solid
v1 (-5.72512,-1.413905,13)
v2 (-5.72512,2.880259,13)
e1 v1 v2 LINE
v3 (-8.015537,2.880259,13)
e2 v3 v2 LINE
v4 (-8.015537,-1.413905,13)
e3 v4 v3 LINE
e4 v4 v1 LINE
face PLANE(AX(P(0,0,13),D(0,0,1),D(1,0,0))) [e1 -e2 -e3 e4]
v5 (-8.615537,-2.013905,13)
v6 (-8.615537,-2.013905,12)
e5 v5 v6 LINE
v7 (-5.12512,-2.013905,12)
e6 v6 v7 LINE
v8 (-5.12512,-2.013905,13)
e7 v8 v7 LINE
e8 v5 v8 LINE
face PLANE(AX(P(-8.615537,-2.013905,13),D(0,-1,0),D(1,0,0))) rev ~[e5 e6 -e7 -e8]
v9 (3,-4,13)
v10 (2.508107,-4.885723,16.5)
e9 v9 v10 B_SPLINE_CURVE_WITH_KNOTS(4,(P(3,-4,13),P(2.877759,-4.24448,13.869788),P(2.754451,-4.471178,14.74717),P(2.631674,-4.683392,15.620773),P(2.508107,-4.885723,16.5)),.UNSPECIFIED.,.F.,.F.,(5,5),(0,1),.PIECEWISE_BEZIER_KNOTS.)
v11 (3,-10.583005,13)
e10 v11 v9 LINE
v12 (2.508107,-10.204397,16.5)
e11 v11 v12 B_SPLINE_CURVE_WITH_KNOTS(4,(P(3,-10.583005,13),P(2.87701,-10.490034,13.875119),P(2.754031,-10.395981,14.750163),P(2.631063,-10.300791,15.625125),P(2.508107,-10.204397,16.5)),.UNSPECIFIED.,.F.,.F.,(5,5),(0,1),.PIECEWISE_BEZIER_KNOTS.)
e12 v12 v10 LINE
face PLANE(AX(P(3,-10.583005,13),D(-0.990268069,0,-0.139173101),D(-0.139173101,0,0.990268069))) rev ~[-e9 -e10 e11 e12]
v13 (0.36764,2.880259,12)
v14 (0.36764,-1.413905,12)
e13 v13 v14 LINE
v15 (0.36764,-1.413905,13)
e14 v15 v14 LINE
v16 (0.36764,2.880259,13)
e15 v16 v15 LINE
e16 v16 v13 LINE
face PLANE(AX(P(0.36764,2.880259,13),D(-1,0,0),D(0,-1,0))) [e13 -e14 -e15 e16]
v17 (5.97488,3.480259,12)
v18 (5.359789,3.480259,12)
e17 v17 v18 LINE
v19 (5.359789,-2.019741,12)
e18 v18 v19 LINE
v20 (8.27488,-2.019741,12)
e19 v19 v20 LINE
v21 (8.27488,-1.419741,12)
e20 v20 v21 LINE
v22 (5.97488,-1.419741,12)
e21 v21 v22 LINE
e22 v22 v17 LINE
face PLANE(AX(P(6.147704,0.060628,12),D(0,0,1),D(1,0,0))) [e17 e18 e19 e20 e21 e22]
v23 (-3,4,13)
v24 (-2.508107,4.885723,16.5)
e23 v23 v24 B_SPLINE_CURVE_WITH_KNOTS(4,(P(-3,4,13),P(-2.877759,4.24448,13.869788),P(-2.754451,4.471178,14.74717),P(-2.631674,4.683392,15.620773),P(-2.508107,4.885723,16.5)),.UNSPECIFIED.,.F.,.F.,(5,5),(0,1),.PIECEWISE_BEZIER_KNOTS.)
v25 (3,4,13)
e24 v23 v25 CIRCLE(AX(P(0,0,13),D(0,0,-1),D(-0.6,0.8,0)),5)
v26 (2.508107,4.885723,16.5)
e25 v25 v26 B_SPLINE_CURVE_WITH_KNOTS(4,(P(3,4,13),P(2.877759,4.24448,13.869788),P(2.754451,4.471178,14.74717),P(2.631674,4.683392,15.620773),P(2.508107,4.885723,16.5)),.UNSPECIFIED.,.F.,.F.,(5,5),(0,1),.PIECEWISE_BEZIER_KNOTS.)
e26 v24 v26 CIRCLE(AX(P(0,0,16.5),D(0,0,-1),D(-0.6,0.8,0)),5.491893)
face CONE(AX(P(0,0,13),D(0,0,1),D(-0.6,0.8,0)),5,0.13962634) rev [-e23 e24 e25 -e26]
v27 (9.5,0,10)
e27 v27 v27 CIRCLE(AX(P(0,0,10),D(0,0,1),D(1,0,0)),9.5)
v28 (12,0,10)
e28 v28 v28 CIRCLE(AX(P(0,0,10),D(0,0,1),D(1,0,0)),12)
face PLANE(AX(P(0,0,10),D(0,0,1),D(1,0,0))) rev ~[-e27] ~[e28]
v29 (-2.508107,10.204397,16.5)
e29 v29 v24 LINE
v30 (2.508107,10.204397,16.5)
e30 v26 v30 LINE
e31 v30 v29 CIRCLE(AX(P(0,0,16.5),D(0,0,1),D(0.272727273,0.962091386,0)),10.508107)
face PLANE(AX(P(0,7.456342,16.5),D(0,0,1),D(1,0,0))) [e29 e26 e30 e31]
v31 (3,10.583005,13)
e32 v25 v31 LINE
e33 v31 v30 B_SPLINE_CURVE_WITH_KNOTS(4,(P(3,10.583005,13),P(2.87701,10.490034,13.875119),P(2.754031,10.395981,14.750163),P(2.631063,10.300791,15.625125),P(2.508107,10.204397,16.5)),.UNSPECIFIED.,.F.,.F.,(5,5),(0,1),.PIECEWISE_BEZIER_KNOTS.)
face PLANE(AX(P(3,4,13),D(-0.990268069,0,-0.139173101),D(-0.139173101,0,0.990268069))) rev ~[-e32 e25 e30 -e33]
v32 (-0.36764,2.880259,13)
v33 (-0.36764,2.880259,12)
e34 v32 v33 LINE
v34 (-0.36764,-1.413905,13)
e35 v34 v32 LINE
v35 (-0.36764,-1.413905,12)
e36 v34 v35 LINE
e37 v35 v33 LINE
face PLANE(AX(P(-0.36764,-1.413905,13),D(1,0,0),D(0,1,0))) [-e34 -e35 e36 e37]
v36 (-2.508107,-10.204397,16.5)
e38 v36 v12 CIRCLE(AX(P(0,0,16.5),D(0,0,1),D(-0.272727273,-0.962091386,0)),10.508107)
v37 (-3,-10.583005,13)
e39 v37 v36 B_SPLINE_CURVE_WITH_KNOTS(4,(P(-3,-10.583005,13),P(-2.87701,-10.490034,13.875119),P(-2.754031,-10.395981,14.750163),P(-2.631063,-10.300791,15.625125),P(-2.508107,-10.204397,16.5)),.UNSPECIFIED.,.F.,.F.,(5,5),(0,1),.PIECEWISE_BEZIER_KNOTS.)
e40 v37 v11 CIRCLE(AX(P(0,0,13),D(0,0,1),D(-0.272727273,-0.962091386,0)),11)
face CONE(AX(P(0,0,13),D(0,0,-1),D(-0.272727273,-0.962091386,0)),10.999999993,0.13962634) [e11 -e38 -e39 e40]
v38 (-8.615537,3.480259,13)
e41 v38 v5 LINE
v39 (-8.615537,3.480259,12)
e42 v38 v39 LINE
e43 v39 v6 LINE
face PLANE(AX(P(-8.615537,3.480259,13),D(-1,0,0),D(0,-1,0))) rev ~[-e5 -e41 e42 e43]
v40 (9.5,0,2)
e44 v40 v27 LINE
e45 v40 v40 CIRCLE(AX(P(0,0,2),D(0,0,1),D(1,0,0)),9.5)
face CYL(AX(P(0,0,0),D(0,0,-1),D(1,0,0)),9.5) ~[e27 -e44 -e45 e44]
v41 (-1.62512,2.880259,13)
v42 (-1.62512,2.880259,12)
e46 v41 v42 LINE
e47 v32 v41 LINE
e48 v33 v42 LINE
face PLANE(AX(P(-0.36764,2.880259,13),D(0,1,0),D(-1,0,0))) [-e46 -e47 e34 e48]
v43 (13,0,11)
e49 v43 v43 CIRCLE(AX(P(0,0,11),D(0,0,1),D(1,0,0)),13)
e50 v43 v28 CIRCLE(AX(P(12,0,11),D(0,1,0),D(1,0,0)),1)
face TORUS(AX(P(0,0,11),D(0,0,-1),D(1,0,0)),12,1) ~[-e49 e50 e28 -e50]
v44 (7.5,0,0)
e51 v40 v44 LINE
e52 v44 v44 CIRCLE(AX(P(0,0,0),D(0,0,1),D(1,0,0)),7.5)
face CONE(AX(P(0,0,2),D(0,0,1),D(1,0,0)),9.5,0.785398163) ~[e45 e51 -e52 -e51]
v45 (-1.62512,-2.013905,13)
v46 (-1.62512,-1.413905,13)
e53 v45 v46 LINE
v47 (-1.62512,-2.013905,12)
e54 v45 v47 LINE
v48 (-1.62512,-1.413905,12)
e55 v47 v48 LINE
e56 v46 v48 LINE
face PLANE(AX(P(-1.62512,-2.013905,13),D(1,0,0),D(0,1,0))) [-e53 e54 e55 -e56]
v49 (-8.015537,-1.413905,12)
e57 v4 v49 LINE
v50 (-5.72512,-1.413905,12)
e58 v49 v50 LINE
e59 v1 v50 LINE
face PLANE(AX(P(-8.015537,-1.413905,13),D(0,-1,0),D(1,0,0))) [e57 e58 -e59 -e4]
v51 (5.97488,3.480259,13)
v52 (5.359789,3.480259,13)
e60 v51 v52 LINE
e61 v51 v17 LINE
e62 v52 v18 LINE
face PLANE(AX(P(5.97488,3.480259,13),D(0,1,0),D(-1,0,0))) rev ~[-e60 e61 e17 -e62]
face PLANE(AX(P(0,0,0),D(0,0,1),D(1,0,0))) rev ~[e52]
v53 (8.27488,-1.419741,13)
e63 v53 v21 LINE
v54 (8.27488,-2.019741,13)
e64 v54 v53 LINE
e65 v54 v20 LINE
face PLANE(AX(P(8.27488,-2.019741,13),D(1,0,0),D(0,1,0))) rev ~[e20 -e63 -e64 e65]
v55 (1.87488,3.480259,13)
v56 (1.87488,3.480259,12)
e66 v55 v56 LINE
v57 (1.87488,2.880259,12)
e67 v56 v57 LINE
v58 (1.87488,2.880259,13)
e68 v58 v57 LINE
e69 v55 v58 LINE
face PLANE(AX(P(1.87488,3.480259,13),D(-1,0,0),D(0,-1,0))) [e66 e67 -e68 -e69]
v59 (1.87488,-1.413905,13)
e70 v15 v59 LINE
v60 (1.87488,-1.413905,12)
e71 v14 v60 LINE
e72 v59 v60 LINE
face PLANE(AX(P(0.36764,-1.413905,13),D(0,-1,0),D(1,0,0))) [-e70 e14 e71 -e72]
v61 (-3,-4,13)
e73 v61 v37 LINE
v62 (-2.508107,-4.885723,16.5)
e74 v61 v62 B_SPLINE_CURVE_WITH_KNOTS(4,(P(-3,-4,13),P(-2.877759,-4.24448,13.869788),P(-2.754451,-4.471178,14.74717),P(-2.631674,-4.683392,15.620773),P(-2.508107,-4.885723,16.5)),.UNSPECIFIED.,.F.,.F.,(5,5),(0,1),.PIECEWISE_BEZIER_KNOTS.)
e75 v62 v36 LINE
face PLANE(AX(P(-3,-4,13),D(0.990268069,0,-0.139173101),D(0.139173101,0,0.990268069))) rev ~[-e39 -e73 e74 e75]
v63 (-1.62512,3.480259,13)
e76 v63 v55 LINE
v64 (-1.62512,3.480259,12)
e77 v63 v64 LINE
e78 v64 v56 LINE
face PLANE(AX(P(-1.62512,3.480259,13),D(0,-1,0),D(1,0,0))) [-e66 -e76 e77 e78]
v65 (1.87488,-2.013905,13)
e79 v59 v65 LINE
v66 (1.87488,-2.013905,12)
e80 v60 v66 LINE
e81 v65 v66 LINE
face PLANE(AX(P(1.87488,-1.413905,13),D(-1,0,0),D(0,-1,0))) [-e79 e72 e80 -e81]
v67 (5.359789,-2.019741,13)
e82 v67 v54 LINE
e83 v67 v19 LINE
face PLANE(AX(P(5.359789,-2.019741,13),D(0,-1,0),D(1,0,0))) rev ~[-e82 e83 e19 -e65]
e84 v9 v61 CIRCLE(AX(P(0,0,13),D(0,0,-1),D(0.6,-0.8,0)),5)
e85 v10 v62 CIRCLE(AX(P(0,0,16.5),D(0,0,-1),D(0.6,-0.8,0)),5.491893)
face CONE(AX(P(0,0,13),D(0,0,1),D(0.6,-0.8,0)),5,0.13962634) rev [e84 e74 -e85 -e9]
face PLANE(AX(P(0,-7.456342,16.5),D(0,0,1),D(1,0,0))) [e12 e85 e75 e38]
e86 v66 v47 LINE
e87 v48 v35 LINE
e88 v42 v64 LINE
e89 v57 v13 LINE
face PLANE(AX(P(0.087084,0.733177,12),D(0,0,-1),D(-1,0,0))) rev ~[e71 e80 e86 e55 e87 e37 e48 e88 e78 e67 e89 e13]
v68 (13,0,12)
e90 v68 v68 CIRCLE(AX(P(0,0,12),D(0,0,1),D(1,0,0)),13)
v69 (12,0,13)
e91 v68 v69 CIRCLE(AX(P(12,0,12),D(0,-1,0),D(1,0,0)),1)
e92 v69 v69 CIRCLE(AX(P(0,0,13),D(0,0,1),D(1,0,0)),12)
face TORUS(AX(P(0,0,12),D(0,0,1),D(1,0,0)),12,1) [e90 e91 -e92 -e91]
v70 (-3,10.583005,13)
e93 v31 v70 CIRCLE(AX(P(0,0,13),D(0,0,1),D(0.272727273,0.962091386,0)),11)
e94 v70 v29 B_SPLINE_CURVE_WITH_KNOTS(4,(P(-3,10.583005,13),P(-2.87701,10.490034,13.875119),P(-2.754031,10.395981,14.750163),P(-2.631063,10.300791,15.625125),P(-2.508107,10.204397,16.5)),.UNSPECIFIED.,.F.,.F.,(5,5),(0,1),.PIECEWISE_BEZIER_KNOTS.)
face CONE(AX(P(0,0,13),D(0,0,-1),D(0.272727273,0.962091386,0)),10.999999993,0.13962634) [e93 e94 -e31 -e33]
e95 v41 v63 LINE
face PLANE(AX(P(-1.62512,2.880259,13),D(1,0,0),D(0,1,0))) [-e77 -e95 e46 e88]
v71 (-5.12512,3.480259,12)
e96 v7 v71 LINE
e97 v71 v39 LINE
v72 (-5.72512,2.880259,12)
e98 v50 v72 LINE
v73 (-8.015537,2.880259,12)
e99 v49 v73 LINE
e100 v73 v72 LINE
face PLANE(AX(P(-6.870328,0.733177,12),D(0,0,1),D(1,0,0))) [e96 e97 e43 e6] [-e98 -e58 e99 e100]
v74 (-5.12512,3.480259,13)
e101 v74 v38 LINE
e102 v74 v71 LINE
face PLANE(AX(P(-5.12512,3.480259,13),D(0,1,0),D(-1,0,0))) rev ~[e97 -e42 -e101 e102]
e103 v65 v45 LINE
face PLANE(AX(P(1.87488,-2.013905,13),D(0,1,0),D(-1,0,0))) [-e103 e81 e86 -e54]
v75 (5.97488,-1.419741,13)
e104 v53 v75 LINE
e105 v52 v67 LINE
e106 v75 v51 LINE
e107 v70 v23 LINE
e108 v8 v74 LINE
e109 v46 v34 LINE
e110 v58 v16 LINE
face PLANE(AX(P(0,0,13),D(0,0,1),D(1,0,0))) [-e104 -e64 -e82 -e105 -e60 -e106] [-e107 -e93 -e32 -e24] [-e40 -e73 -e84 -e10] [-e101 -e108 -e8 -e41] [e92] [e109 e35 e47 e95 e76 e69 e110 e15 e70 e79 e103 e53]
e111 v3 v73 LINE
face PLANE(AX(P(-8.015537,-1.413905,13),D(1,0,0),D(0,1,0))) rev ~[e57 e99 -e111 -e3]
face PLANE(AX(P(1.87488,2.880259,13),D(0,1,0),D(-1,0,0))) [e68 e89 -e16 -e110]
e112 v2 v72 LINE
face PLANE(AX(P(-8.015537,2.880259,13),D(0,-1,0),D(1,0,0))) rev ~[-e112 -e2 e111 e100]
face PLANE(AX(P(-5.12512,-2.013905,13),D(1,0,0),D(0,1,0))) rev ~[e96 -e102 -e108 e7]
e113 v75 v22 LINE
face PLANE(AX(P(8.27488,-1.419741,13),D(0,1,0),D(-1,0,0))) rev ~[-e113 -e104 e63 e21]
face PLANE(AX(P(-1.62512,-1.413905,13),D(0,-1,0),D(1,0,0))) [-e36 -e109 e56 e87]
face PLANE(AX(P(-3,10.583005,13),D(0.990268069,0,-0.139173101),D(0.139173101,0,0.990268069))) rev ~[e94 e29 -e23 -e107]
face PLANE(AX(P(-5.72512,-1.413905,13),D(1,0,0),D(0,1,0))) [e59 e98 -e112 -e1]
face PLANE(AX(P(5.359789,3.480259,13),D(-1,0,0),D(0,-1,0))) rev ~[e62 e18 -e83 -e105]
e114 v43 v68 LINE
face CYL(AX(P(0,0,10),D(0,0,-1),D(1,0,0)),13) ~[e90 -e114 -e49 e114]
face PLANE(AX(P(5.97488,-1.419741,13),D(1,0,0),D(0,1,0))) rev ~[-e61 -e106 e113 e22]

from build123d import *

# Parameters (mm, degrees)
SKETCH1_R           = 9.5
BOSS_EXTRUDE1_DEPTH = 10
CHAMFER1_SIZE       = 2
SKETCH2_R           = 13
BOSS_EXTRUDE2_DEPTH = 3
BOSS_EXTRUDE3_DEPTH = 3.5
BOSS_EXTRUDE3_TAPER = 8
FILLET1_R           = 1
SKETCH3_W           = 2.290416552
SKETCH3_H           = 4.294163917
CUT_EXTRUDE1_DEPTH  = 1


with BuildPart() as part:
    # Sketch1 → Boss-Extrude1 (new body)
    with BuildSketch(Plane.XY):
        Circle(SKETCH1_R)
    extrude(amount=BOSS_EXTRUDE1_DEPTH)

    # Chamfer1
    chamfer1_edges = [part.edges().sort_by_distance(p)[0] for p in [
        (-9.5, 0, 0),
    ]]
    chamfer(chamfer1_edges, length=CHAMFER1_SIZE)

    # Sketch2 → Boss-Extrude2 (add)
    with BuildSketch(Plane.XY.offset(10)):
        Circle(SKETCH2_R)
    extrude(amount=BOSS_EXTRUDE2_DEPTH)

    # Sketch4 → Boss-Extrude3 (add)
    with BuildSketch(Plane.XY.offset(13)):
        with BuildLine():
            ThreePointArc((3, 10.583005244), (0, 11), (-3, 10.583005244))
            Line((-3, 10.583005244), (-3, 4))
            ThreePointArc((-3, 4), (0, 5), (3, 4))
            Line((3, 4), (3, 10.583005244))
        make_face()
        with BuildLine():
            ThreePointArc((3, -4), (0, -5), (-3, -4))
            Line((-3, -4), (-3, -10.583005244))
            ThreePointArc((-3, -10.583005244), (0, -11), (3, -10.583005244))
            Line((3, -10.583005244), (3, -4))
        make_face()
    extrude(amount=BOSS_EXTRUDE3_DEPTH, taper=BOSS_EXTRUDE3_TAPER)

    # Fillet1
    fillet1_edges = [part.edges().sort_by_distance(p)[0] for p in [
        (-13, 0, 10),
        (-13, 0, 13),
    ]]
    fillet(fillet1_edges, radius=FILLET1_R)

    # Sketch3 → Cut-Extrude1 (cut)
    with BuildSketch(Plane.XY.offset(13)):
        Polygon((-1.625120105, -2.013905208), (-1.625120105, -1.413905208), (-0.367640206, -1.413905208), (-0.367640206, 2.880258709), (-1.625120105, 2.880258709), (-1.625120105, 3.480258709), (1.874879895, 3.480258709), (1.874879895, 2.880258709), (0.367640206, 2.880258709), (0.367640206, -1.413905208), (1.874879895, -1.413905208), (1.874879895, -2.013905208), align=None)
        Polygon((5.359789492, 3.480258709), (5.359789492, -1.419741291), (5.359789492, -2.019741291), (8.274879895, -2.019741291), (8.274879895, -1.419741291), (5.974879895, -1.419741291), (5.974879895, 3.480258709), align=None)
        Polygon((-8.615536657, 3.480258709), (-8.615536657, -2.013905208), (-5.125120105, -2.013905208), (-5.125120105, 2.880258709), (-5.125120105, 3.480258709), align=None)
        with Locations((-6.870328381, 0.73317675)):
            Rectangle(SKETCH3_W, SKETCH3_H, mode=Mode.SUBTRACT)
    extrude(amount=-CUT_EXTRUDE1_DEPTH, mode=Mode.SUBTRACT)


solid = part.part
